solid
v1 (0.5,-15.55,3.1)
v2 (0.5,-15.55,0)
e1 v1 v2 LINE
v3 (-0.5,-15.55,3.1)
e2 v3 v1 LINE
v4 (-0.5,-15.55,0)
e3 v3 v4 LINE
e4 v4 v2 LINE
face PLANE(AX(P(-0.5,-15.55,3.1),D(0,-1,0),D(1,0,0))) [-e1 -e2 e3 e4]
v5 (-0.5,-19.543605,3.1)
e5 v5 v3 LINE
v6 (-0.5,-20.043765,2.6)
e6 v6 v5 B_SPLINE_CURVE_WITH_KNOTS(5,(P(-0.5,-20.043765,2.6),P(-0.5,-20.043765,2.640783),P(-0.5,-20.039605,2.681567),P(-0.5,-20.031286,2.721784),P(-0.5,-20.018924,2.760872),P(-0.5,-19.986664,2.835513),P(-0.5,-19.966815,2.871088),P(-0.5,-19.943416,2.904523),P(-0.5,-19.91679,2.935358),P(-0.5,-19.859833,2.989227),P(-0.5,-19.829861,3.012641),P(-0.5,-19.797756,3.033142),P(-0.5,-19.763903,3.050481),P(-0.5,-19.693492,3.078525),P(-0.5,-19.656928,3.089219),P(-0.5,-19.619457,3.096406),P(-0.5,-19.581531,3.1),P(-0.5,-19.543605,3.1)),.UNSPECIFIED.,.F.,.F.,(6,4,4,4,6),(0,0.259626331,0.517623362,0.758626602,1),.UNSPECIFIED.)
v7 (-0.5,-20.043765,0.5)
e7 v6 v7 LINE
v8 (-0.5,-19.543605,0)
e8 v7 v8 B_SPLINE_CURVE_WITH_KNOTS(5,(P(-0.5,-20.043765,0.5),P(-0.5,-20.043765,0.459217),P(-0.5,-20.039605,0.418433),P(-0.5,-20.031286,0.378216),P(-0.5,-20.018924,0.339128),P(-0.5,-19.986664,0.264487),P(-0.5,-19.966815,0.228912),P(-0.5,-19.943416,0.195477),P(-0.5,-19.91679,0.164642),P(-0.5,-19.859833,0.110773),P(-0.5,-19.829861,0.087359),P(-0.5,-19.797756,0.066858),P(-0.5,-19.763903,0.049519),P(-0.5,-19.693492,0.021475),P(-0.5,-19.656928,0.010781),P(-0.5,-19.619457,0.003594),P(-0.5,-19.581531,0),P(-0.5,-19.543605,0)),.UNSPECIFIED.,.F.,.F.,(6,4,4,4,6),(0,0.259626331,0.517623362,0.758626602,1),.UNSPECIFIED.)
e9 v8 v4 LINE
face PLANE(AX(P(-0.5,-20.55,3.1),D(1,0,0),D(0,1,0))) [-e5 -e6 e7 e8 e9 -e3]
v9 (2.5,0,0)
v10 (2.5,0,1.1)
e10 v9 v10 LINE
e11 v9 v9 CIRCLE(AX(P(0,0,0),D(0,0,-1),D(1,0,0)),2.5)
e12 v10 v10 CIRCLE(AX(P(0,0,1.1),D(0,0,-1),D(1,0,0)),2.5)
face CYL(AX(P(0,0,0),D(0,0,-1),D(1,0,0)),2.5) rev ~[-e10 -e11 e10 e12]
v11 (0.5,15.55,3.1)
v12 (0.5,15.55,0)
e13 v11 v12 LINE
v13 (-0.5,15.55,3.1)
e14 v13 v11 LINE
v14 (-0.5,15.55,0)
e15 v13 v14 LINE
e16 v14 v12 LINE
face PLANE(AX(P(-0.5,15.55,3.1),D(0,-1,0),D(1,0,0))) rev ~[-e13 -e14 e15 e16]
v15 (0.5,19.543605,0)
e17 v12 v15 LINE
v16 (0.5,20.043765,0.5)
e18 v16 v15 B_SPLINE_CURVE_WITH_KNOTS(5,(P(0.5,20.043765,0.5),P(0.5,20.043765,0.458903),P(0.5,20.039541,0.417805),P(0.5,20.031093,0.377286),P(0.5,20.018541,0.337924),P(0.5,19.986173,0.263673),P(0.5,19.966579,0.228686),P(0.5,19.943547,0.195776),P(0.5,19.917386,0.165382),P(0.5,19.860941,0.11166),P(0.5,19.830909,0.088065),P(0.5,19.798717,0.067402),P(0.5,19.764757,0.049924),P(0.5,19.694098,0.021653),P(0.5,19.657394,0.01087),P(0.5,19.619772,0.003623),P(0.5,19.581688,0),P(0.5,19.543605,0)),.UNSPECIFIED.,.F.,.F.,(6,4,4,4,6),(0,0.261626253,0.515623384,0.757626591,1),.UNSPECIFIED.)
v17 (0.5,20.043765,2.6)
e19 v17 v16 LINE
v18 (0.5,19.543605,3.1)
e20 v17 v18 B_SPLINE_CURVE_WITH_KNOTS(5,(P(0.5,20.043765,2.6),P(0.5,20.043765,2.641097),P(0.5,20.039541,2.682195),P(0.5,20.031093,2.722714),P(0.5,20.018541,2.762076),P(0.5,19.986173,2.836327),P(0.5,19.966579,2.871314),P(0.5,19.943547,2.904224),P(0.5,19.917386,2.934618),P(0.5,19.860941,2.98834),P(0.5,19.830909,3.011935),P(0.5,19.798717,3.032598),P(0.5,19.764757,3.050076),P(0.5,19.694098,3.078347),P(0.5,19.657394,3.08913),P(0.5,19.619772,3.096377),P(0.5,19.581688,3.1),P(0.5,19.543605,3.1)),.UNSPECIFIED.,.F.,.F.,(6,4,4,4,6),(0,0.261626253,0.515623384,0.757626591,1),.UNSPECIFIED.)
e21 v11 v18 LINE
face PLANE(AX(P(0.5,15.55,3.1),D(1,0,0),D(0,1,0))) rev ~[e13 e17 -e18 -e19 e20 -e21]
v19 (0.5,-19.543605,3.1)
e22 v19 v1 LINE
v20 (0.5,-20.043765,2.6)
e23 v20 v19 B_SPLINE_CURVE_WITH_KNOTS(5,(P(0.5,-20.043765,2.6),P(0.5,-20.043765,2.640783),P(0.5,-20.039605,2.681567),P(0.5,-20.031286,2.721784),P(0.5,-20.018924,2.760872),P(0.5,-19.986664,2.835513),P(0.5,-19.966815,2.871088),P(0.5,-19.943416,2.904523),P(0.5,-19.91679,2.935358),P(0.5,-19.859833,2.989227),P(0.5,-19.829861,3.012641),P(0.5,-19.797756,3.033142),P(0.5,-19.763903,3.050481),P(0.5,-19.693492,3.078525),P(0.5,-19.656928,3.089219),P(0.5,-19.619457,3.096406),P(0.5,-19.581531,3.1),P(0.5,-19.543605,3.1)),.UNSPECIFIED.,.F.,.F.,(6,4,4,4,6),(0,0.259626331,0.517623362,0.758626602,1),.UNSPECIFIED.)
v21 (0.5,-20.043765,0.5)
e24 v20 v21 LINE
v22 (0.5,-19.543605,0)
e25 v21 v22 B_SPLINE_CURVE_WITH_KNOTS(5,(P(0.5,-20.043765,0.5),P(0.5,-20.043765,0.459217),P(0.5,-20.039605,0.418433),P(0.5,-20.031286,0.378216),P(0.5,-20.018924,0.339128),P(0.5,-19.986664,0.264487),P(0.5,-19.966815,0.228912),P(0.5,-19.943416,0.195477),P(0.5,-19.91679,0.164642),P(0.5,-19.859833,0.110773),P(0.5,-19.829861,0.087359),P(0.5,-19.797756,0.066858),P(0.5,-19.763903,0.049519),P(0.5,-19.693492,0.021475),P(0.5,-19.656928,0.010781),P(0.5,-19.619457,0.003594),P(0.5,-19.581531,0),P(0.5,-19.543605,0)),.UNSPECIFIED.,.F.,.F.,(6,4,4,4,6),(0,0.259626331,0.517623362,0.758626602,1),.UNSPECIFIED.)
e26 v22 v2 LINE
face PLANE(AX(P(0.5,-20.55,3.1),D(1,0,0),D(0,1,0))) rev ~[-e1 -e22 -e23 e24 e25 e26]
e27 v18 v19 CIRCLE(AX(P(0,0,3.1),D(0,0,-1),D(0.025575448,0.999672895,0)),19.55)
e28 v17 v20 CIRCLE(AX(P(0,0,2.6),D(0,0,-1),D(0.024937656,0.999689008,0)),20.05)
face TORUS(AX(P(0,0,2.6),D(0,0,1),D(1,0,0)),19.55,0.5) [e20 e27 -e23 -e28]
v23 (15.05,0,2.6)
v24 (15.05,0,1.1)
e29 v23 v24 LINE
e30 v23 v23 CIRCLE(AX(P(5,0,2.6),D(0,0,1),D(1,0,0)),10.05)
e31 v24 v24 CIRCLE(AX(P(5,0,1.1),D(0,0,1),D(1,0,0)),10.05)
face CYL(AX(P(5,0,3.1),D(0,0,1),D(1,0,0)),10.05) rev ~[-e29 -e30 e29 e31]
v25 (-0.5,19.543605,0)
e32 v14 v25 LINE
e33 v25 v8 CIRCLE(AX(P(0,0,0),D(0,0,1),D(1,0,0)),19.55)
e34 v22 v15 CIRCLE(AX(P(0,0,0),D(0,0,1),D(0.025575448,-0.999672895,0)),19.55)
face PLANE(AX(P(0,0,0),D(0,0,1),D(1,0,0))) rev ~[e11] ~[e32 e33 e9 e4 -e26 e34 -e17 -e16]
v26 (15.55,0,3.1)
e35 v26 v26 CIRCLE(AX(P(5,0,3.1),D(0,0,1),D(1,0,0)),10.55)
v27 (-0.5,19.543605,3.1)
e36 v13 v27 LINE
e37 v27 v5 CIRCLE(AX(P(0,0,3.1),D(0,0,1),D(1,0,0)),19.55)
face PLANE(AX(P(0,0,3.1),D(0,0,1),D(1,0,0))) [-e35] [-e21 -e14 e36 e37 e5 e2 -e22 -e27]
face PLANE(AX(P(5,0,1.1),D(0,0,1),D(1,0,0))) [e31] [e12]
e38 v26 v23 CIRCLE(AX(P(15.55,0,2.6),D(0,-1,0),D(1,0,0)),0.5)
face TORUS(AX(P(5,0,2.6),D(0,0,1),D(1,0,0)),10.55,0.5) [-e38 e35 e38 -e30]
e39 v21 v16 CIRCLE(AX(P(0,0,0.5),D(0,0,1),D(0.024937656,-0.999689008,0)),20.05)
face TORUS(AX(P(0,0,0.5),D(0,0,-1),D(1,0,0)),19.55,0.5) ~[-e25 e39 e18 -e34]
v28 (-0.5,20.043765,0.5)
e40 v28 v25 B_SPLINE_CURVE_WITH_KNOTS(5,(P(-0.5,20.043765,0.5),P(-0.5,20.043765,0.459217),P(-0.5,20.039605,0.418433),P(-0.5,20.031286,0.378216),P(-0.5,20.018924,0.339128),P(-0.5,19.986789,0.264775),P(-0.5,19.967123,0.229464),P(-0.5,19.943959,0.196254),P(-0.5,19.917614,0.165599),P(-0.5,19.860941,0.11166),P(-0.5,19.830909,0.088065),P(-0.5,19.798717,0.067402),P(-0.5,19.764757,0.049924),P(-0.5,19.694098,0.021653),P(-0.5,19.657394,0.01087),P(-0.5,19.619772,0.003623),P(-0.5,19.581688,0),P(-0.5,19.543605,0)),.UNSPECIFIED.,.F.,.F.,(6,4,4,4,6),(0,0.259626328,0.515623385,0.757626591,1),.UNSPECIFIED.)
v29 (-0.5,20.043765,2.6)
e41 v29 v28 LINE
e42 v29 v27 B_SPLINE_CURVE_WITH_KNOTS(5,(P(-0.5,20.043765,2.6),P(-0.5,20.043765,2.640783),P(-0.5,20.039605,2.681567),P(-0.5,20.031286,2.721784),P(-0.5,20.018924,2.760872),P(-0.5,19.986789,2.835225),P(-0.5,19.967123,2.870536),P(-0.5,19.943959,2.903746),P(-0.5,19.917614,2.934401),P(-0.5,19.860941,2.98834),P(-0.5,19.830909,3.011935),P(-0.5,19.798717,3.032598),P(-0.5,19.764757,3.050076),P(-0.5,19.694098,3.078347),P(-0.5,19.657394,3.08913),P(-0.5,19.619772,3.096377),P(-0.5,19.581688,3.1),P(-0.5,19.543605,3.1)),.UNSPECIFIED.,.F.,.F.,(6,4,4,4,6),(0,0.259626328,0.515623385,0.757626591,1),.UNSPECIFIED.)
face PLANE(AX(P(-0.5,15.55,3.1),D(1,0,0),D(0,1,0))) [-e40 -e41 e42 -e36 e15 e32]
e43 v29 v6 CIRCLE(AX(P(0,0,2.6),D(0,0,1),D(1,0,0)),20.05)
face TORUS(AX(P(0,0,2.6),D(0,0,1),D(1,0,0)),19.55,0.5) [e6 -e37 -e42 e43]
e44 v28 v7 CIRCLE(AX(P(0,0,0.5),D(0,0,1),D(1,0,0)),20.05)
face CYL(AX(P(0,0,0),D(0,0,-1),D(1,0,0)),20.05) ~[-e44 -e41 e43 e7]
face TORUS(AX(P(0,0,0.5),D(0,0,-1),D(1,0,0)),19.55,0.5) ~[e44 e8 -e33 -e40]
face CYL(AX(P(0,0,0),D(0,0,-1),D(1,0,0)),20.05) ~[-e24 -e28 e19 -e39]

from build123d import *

# Parameters (mm, degrees)
F0_R     = 20.05
F1_DEPTH = 3.1
F2_R     = 10.05
F3_DEPTH = 2
F4_R     = 0.5
F5_R     = 2.5
F6_DEPTH = 3.1010001
F7_W     = 1
F7_H     = 5
F8_DEPTH = 3.1010001


with BuildPart() as f1:
    # F0 (on Top) → F1 (new body)
    with BuildSketch(Plane.XY):
        Circle(F0_R)
    extrude(amount=F1_DEPTH)

    # F2 (on face) → F3 (cut)
    with BuildSketch(Plane.XY.offset(3.1)):
        with Locations((5, 0)):
            Circle(F2_R)
    extrude(amount=-F3_DEPTH, mode=Mode.SUBTRACT)

    # F4
    f4_edges = [f1.edges().sort_by_distance(p)[0] for p in [
        (-20.05, 0, 3.1),
        (-5.05, 0, 3.1),
        (-20.05, 0, 0),
    ]]
    fillet(f4_edges, radius=F4_R)

    # F5 (on face) → F6 (cut, through all)
    with BuildSketch(Plane(origin=(0, 0, 0), x_dir=(1, 0, 0), z_dir=(0, 0, -1))):
        Circle(F5_R)
    extrude(amount=-F6_DEPTH, mode=Mode.SUBTRACT)

    # F7 (on face) → F8 (cut, through all)
    with BuildSketch(Plane.XY.offset(3.1)):
        with Locations((0, 18.05)):
            Rectangle(F7_W, F7_H)
        with Locations((0, -18.05)):
            Rectangle(F7_W, F7_H)
    extrude(amount=-F8_DEPTH, mode=Mode.SUBTRACT)


solid = f1.part
